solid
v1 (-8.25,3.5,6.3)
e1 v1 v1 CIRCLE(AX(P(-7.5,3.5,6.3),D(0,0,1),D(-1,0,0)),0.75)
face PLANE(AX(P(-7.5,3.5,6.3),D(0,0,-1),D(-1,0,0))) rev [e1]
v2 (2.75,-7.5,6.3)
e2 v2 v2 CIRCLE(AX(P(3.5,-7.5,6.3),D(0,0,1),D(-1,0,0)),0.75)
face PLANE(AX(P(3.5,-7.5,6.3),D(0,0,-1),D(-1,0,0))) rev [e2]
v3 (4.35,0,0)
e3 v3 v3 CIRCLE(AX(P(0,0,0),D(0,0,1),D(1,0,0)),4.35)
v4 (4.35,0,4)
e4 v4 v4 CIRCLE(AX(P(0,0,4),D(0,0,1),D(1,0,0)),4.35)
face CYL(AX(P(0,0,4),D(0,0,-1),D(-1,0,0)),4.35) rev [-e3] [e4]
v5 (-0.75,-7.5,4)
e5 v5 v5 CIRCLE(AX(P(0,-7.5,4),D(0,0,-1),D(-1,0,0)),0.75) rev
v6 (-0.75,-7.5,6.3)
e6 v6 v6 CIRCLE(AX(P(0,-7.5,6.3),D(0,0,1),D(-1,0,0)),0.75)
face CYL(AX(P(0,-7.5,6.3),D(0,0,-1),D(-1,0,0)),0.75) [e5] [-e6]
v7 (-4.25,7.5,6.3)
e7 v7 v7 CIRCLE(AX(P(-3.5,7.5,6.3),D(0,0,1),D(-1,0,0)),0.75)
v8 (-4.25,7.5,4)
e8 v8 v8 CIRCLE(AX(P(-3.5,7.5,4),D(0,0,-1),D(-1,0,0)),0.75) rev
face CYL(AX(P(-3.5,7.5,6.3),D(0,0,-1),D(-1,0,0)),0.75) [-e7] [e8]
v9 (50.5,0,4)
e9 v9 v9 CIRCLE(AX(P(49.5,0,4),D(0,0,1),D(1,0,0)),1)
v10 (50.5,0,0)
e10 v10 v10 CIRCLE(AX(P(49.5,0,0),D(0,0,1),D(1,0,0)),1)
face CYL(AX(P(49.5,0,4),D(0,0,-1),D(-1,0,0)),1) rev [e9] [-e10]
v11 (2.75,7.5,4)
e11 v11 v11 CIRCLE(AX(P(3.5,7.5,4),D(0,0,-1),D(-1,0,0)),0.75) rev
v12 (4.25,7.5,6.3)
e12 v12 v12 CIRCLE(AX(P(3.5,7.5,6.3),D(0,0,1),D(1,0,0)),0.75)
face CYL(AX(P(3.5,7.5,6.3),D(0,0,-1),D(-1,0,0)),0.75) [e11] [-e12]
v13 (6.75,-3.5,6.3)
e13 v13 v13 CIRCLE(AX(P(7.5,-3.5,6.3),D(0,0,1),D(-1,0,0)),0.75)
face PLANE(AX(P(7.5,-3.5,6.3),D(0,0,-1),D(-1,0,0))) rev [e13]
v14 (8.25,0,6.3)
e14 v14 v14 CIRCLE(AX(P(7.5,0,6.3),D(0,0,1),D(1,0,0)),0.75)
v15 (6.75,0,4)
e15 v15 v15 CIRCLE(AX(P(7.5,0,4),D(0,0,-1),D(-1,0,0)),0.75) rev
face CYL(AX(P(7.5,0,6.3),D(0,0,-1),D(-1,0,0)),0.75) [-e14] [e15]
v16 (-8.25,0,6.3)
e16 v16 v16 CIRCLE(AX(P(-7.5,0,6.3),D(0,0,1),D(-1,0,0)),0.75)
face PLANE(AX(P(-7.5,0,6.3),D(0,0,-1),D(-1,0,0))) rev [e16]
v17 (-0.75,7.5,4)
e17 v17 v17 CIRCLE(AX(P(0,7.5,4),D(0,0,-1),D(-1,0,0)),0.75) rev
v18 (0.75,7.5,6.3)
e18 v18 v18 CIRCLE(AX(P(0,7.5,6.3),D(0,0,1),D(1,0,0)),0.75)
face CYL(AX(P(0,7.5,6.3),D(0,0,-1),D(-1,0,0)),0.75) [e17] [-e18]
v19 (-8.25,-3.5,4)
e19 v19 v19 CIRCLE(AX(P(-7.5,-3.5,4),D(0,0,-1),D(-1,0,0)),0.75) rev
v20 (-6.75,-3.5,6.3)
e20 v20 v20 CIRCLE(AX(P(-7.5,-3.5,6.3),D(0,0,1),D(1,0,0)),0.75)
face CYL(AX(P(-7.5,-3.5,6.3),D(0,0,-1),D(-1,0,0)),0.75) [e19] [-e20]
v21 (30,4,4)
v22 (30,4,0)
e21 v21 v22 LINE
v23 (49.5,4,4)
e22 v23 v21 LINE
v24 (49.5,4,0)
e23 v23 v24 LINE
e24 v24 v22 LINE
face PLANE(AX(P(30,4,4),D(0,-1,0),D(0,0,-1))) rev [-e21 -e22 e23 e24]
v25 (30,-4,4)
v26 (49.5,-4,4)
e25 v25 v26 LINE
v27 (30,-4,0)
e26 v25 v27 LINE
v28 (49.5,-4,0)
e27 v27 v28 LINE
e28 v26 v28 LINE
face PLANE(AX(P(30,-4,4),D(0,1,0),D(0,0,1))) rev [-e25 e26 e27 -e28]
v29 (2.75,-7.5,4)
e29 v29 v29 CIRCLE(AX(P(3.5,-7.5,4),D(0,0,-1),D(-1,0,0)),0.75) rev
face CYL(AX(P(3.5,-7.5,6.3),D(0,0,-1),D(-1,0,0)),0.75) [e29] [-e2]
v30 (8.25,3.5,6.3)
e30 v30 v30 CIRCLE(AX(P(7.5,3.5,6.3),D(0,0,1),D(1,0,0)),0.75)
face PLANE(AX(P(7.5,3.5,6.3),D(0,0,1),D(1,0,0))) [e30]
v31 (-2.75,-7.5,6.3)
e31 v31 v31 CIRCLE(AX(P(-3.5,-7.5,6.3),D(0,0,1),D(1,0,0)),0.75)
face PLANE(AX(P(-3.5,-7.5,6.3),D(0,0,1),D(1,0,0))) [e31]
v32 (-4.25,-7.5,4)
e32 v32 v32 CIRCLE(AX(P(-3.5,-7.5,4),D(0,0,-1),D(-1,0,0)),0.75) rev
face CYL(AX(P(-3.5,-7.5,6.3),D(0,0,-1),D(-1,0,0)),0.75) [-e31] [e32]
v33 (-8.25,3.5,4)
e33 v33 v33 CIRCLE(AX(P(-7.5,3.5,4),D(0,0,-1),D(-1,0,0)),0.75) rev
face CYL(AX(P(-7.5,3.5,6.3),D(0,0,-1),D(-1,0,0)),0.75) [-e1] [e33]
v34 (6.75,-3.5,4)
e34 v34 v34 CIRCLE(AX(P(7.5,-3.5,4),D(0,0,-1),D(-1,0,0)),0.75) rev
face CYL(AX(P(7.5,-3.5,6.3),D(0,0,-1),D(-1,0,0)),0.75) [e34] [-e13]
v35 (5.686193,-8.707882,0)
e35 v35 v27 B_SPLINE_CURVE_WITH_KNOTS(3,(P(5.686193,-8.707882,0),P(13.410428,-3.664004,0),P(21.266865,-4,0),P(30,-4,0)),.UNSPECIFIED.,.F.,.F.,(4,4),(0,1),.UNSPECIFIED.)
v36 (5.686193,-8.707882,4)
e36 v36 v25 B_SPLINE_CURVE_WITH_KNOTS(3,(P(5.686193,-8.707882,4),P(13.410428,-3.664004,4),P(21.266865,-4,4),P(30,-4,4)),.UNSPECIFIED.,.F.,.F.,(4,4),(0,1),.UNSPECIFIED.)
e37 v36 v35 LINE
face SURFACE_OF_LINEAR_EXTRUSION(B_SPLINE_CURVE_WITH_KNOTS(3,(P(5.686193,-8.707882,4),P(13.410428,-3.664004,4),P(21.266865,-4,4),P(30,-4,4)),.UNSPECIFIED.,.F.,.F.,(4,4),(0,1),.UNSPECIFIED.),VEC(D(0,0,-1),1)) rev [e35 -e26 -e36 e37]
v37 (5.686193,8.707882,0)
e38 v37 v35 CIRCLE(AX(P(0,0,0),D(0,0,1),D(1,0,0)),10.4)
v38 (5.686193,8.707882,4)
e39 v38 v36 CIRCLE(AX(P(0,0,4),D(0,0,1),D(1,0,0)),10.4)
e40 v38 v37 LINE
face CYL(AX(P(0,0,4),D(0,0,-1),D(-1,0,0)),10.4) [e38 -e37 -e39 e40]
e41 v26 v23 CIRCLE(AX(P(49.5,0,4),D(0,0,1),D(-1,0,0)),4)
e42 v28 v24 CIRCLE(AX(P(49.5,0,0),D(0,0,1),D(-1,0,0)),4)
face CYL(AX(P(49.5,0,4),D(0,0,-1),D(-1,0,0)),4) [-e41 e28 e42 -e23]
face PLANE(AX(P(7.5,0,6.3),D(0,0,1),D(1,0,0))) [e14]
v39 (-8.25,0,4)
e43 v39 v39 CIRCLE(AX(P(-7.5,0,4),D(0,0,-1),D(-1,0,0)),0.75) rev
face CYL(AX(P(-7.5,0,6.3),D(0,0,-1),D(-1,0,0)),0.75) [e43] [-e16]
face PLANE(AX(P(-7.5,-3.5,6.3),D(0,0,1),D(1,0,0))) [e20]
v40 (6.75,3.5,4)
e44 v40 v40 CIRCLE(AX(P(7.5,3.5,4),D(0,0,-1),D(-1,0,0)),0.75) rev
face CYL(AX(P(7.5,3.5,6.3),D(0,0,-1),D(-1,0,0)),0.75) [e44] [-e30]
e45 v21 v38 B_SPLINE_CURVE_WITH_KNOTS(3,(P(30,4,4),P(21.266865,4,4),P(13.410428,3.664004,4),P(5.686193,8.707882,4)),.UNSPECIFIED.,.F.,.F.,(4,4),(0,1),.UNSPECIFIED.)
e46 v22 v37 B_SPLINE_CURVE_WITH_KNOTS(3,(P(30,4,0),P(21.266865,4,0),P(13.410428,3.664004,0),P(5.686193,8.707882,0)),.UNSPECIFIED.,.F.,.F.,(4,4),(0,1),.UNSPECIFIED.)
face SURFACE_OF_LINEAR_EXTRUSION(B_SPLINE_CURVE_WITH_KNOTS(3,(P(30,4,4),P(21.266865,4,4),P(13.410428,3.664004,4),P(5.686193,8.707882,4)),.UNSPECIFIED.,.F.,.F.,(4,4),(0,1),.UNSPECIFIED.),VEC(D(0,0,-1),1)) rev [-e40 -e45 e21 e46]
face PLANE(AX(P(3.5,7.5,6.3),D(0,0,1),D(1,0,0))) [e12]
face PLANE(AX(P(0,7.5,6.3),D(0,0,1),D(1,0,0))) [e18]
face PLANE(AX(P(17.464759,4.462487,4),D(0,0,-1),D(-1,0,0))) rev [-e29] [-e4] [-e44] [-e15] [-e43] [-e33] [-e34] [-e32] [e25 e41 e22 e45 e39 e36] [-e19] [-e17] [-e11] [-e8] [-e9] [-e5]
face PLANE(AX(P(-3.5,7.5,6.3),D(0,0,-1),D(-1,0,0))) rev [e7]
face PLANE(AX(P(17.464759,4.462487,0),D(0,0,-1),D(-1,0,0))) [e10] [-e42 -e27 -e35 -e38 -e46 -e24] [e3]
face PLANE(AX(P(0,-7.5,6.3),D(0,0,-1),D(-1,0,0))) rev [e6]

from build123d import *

# Parameters (mm, degrees)
SKETCH1_R           = 4.35
SKETCH1_R_2         = 1
BOSS_EXTRUDE1_DEPTH = 4
SKETCH2_R           = 0.75
BOSS_EXTRUDE2_DEPTH = 2.3


with BuildPart() as part:
    # Sketch1 → Boss-Extrude1 (new body)
    with BuildSketch(Plane.XY):
        with BuildLine():
            Line((30, 4), (49.5, 4))
            ThreePointArc((49.5, 4), (53.5, 0), (49.5, -4))
            Line((49.5, -4), (30, -4))
            add(Edge.make_bspline(
                [(5.686193022, -8.707882), (13.410427979, -3.664004406), (21.266865382, -4), (30, -4)],
                knots=[0, 0, 0, 0, 1, 1, 1, 1], degree=3))
            ThreePointArc((5.686193022, -8.707882), (-10.4, 0), (5.686193022, 8.707882))
            add(Edge.make_bspline(
                [(5.686193022, 8.707882), (13.410427979, 3.664004406), (21.266865382, 4), (30, 4)],
                knots=[0, 0, 0, 0, 1, 1, 1, 1], degree=3))
        make_face()
        Circle(SKETCH1_R, mode=Mode.SUBTRACT)
        with Locations((49.5, 0)):
            Circle(SKETCH1_R_2, mode=Mode.SUBTRACT)
    extrude(amount=BOSS_EXTRUDE1_DEPTH)

    # Sketch2 → Boss-Extrude2 (add)
    with BuildSketch(Plane.XY.offset(4)):
        with Locations(Location((0, 7.5, 0), (0, 0, 180))):
            Circle(SKETCH2_R)
        with Locations(Location((3.5, 7.5, 0), (0, 0, 180))):
            Circle(SKETCH2_R)
        with Locations(Location((-3.5, 7.5, 0), (0, 0, 180))):
            Circle(SKETCH2_R)
        with Locations(Location((3.5, -7.5, 0), (0, 0, 180))):
            Circle(SKETCH2_R)
        with Locations(Location((0, -7.5, 0), (0, 0, 180))):
            Circle(SKETCH2_R)
        with Locations(Location((-3.5, -7.5, 0), (0, 0, 180))):
            Circle(SKETCH2_R)
        with Locations(Location((7.5, 0, 0), (0, 0, 180))):
            Circle(SKETCH2_R)
        with Locations(Location((7.5, 3.5, 0), (0, 0, 180))):
            Circle(SKETCH2_R)
        with Locations(Location((7.5, -3.5, 0), (0, 0, 180))):
            Circle(SKETCH2_R)
        with Locations(Location((-7.5, -3.5, 0), (0, 0, 180))):
            Circle(SKETCH2_R)
        with Locations(Location((-7.5, 0, 0), (0, 0, 180))):
            Circle(SKETCH2_R)
        with Locations(Location((-7.5, 3.5, 0), (0, 0, 180))):
            Circle(SKETCH2_R)
    extrude(amount=BOSS_EXTRUDE2_DEPTH)


solid = part.part
